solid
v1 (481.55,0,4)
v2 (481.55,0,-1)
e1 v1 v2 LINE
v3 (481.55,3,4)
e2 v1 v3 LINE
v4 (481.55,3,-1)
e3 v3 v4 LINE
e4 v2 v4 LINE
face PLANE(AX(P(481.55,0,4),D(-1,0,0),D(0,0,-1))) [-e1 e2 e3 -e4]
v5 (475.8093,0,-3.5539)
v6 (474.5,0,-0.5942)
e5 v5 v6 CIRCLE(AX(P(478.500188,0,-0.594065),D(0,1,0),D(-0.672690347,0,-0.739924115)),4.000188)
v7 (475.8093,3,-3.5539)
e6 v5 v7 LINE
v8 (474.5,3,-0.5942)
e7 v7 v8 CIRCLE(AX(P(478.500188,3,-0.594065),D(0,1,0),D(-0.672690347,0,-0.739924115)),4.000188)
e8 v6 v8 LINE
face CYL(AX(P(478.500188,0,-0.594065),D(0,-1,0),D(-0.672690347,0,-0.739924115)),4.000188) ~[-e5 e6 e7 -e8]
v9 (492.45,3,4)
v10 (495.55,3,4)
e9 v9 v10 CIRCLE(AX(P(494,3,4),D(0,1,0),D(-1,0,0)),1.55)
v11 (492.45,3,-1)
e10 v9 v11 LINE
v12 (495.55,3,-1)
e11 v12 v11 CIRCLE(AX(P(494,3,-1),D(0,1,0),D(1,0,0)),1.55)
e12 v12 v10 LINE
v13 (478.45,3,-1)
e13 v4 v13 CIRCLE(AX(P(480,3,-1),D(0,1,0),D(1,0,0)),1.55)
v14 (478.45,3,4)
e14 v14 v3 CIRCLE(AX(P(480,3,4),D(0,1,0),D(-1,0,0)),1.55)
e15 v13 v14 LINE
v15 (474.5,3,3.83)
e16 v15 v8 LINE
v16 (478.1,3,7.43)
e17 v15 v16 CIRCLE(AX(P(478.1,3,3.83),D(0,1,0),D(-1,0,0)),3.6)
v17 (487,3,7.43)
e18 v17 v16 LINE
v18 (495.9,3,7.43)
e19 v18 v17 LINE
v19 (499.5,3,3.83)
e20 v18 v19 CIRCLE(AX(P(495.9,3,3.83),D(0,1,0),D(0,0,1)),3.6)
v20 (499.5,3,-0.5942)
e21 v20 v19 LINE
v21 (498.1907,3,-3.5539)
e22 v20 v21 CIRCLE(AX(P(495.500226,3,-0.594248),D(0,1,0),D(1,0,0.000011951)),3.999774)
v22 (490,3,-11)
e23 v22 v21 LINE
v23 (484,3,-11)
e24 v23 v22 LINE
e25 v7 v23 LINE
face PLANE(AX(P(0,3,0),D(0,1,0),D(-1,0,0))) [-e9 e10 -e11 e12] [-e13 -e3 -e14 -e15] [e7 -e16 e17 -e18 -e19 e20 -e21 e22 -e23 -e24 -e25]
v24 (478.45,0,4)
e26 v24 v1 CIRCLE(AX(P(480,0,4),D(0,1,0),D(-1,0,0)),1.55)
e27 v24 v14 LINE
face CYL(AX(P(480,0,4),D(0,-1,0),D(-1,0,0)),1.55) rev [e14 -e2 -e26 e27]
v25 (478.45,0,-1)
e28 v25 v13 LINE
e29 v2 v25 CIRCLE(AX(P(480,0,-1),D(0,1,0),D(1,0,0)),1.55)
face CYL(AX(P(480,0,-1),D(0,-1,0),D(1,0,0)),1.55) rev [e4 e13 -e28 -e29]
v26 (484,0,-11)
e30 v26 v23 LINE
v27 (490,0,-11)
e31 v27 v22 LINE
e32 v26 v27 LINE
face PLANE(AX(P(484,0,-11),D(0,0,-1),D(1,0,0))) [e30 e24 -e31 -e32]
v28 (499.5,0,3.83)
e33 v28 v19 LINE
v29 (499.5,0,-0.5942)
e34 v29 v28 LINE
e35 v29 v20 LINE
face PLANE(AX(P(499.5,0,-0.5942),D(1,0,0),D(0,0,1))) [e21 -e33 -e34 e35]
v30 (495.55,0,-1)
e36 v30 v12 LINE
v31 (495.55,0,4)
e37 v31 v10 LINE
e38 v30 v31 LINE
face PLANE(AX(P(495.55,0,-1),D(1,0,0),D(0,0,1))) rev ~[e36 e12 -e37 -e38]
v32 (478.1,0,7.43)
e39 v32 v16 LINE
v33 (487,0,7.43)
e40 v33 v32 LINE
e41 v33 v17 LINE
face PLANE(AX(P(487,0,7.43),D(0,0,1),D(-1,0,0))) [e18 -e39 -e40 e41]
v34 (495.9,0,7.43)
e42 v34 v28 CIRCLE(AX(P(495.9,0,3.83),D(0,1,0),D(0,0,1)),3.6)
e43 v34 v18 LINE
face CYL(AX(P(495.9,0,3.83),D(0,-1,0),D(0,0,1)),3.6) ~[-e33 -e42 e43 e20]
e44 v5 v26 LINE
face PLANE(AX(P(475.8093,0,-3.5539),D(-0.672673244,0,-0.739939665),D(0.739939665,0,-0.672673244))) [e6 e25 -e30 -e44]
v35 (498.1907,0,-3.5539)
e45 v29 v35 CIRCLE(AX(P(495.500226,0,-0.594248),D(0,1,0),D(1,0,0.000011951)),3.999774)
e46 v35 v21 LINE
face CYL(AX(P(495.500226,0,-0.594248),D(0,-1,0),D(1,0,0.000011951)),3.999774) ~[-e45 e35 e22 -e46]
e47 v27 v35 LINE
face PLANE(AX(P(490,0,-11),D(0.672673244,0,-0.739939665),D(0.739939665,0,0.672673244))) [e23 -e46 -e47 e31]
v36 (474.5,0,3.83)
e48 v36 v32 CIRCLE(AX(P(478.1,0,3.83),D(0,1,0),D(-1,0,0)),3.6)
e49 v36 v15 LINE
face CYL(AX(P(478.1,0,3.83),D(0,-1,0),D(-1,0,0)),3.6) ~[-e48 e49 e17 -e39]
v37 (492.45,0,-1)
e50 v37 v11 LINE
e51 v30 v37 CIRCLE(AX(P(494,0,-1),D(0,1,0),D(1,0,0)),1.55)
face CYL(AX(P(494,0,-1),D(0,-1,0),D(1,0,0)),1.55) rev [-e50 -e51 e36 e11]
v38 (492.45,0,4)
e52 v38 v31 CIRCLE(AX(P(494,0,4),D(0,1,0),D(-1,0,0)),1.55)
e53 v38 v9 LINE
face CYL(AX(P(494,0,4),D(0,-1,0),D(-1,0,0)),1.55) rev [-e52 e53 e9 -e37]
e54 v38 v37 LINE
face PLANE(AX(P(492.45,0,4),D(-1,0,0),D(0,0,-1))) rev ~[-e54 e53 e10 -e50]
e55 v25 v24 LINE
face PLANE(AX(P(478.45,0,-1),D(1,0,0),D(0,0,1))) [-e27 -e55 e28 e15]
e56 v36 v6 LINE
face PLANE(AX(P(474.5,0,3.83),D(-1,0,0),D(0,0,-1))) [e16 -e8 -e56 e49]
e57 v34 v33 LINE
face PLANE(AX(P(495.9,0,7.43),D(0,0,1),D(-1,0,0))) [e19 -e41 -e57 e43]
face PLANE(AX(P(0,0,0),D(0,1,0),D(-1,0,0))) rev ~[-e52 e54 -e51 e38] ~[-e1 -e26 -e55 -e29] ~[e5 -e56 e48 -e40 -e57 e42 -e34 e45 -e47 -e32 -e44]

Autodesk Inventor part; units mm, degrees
ref_plane "YZ Plane" through (0, 0, 0) normal (1, 0, 0) x (0, 1, 0)
ref_plane "XZ Plane" through (0, 0, 0) normal (0, 1, 0) x (-1, 0, 0)
ref_plane "XY Plane" through (0, 0, 0) normal (0, 0, 1) x (1, 0, 0)
sketch3d "3D Sketch1"
sketch "Sketch8" plane through (0, 0, 0) normal (0, 1, 0) x (-1, 0, 0)
  arc A0 (-533.9727, 129.2939) -> (-533.9727, 72.7061) centre (-524, 101) ccw projected
  arc A1 (-533.9727, 129.2939) -> (-540.6211, 148.1565) centre (-537.2969, 138.7252) ccw projected
  arc A2 (-540.6211, 148.1565) -> (-540.6211, 53.8435) centre (-524, 101) ccw projected
  arc A3 (-540.6211, 53.8435) -> (-533.9727, 72.7061) centre (-537.2969, 63.2748) ccw projected
  circle A4 centre (-537.2969, 63.2748) radius 3 projected
  circle A5 centre (-556.6482, 77.8001) radius 2.9994 projected
  circle A6 centre (-564, 101) radius 3 projected
  circle A7 centre (-556.6482, 124.1094) radius 2.9994 projected
  circle A8 centre (-537.2969, 138.7252) radius 3 projected
  line L0 (-531, 98.5) -> (-531, 115.5) projected
  line L1 (-451.3425, 101.8066) -> (-466.8633, 88.0104) projected
  arc A9 (-451.3425, 101.8066) -> (-450, 104.7963) centre (-454, 104.7963) ccw projected
  line L2 (-450, 109.2037) -> (-450, 104.7963) projected
  arc A10 (-450, 109.2037) -> (-451.3425, 112.1934) centre (-454, 109.2037) ccw projected
  line L3 (-466.8633, 125.9896) -> (-451.3425, 112.1934) projected
  arc A11 (-466.8633, 125.9896) -> (-469.5208, 127) centre (-469.5208, 123) ccw projected
  line L4 (-505.0775, 127) -> (-469.5208, 127) projected
  arc A12 (-505.0775, 127) -> (-508.201, 125.4988) centre (-505.0775, 123) ccw projected
  line L5 (-511.799, 121.0012) -> (-508.201, 125.4988) projected
  arc A13 (-514.9225, 119.5) -> (-511.799, 121.0012) centre (-514.9225, 123.5) ccw projected
  line L6 (-527, 119.5) -> (-514.9225, 119.5) projected
  arc A14 (-527, 119.5) -> (-531, 115.5) centre (-527, 115.5) ccw projected
  arc A15 (-531, 98.5) -> (-527, 94.5) centre (-527, 98.5) ccw projected
  line L7 (-514.9225, 94.5) -> (-527, 94.5) projected
  arc A16 (-511.799, 92.9988) -> (-514.9225, 94.5) centre (-514.9225, 90.5) ccw projected
  line L8 (-508.201, 88.5012) -> (-511.799, 92.9988) projected
  arc A17 (-508.201, 88.5012) -> (-505.0775, 87) centre (-505.0775, 91) ccw projected
  line L9 (-469.5208, 87) -> (-505.0775, 87) projected
  line L10 (-478, 91.45) -> (-470, 91.45) projected
  arc A18 (-470, 91.45) -> (-470, 94.55) centre (-470, 93) ccw projected
  line L11 (-470, 94.55) -> (-478, 94.55) projected
  arc A19 (-478, 94.55) -> (-478, 91.45) centre (-478, 93) ccw projected
  arc A20 (-495, 91.45) -> (-495, 94.55) centre (-495, 93) ccw projected
  line L12 (-503, 91.45) -> (-495, 91.45) projected
  arc A21 (-503, 94.55) -> (-503, 91.45) centre (-503, 93) ccw projected
  line L13 (-495, 94.55) -> (-503, 94.55) projected
  line L14 (-455, 105.5) -> (-469, 105.5) projected
  arc A22 (-455, 105.5) -> (-455, 108.5) centre (-455, 107) ccw projected
  line L15 (-469, 108.5) -> (-455, 108.5) projected
  arc A23 (-469, 108.5) -> (-469, 105.5) centre (-469, 107) ccw projected
  arc A24 (-482, 105.45) -> (-482, 108.55) centre (-482, 107) ccw projected
  line L16 (-490, 105.45) -> (-482, 105.45) projected
  arc A25 (-490, 108.55) -> (-490, 105.45) centre (-490, 107) ccw projected
  line L17 (-482, 108.55) -> (-490, 108.55) projected
  line L18 (-501, 109) -> (-501, 105) projected
  line L19 (-501, 105) -> (-511, 105) projected
  line L20 (-511, 105) -> (-511, 109) projected
  line L21 (-511, 109) -> (-501, 109) projected
  circle A26 centre (-525.75, 100) radius 1.55 projected
  circle A27 centre (-525.75, 114) radius 1.55 projected
  arc A28 (-503, 122.55) -> (-503, 119.45) centre (-503, 121) ccw projected
  line L22 (-503, 122.55) -> (-495, 122.55) projected
  arc A29 (-495, 119.45) -> (-495, 122.55) centre (-495, 121) ccw projected
  line L23 (-495, 119.45) -> (-503, 119.45) projected
  arc A30 (-478, 122.55) -> (-478, 119.45) centre (-478, 121) ccw projected
  line L24 (-478, 122.55) -> (-470, 122.55) projected
  arc A31 (-470, 119.45) -> (-470, 122.55) centre (-470, 121) ccw projected
  line L25 (-470, 119.45) -> (-478, 119.45) projected
  arc A32 (-469.5208, 87) -> (-466.8633, 88.0104) centre (-469.5208, 91) ccw projected
  line L26 (-487, 7.43) -> (-478.1, 7.43) projected
  line L27 (-495.9, 7.43) -> (-487, 7.43) projected
  arc A33 (-495.9, 7.43) -> (-499.5, 3.83) centre (-495.9, 3.83) ccw projected
  line L28 (-499.5, -0.5942) -> (-499.5, 3.83) projected
  arc A34 (-499.5, -0.5942) -> (-498.1907, -3.5539) centre (-495.5, -0.5942) ccw projected
  line L29 (-490, -11) -> (-498.1907, -3.5539) projected
  line L30 (-484, -11) -> (-490, -11) projected
  line L31 (-475.8093, -3.5539) -> (-484, -11) projected
  arc A35 (-475.8093, -3.5539) -> (-474.5, -0.5942) centre (-478.5, -0.5942) ccw projected
  line L32 (-474.5, 3.83) -> (-474.5, -0.5942) projected
  arc A36 (-474.5, 3.83) -> (-478.1, 7.43) centre (-478.1, 3.83) ccw projected
  arc A37 (-478.45, 4) -> (-481.55, 4) centre (-480, 4) ccw projected
  line L33 (-481.55, 4) -> (-481.55, -1) projected
  arc A38 (-481.55, -1) -> (-478.45, -1) centre (-480, -1) ccw projected
  line L34 (-478.45, -1) -> (-478.45, 4) projected
  line L35 (-492.45, 4) -> (-492.45, -1) projected
  arc A39 (-492.45, 4) -> (-495.55, 4) centre (-494, 4) ccw projected
  line L36 (-495.55, -1) -> (-495.55, 4) projected
  arc A40 (-495.55, -1) -> (-492.45, -1) centre (-494, -1) ccw projected
  arc A41 (-494.09, 79.2321) -> (-479.91, 79.2321) centre (-487, 84) ccw projected
  arc A42 (-494.09, 79.2321) -> (-497.4092, 81) centre (-497.4092, 77) ccw projected
  line L37 (-497.4092, 81) -> (-503, 81) projected
  arc A43 (-503, 81) -> (-507, 77) centre (-503, 77) ccw projected
  line L38 (-507, 77) -> (-507, 50.7937) projected
  arc A44 (-511.1379, 43.7877) -> (-507, 50.7937) centre (-515, 50.7937) ccw projected
  arc A45 (-511.1379, 43.7877) -> (-462.8621, 43.7877) centre (-487, 0) ccw projected
  arc A46 (-467, 50.7937) -> (-462.8621, 43.7877) centre (-459, 50.7937) ccw projected
  line L39 (-467, 50.7937) -> (-467, 77) projected
  arc A47 (-467, 77) -> (-471, 81) centre (-471, 77) ccw projected
  line L40 (-471, 81) -> (-476.5908, 81) projected
  arc A48 (-476.5908, 81) -> (-479.91, 79.2321) centre (-476.5908, 77) ccw projected
  circle A49 centre (-473, 75) radius 1.25 projected
  circle A50 centre (-501, 75) radius 1.25 projected
  circle A51 centre (-487, 63) radius 1.25 projected
  circle A52 centre (-470.7, 62.6926) radius 1.25 projected
  circle A53 centre (-473, 50) radius 1.25 projected
  circle A54 centre (-501, 50) radius 1.25 projected
  circle A55 centre (-470.7, 37.4926) radius 1.25 projected
  arc A56 (-485, 53) -> (-489, 53) centre (-487, 53) ccw projected
  line L41 (-485, 37) -> (-485, 53) projected
  line L42 (-489, 53) -> (-489, 37) projected
  arc A57 (-489, 37) -> (-485, 37) centre (-487, 37) ccw projected
  arc A58 (-513.2873, 34.029) -> (-460.7127, 34.0291) centre (-487, 0) ccw projected
  arc A59 (-509.6193, 29.2808) -> (-464.3807, 29.2808) centre (-487, 0) ccw projected
  arc A60 (-460.7127, 34.0291) -> (-464.3807, 29.2808) centre (-462.5467, 31.6549) ccw projected
  arc A61 (-509.6193, 29.2808) -> (-513.2873, 34.029) centre (-511.4533, 31.6549) ccw projected
  arc A62 (-496, 32) -> (-500, 28) centre (-496, 28) ccw projected
  line L43 (-496, 32) -> (-478, 32) projected
  arc A63 (-474, 28) -> (-478, 32) centre (-478, 28) ccw projected
  line L44 (-474, 28) -> (-474, 22) projected
  arc A64 (-474, 22) -> (-470, 18) centre (-470, 22) ccw projected
  line L45 (-470, 18) -> (-465.0911, 18) projected
  arc A65 (-461.7205, 16.1538) -> (-465.0911, 18) centre (-465.0911, 14) ccw projected
  arc A66 (-512.2795, 16.1538) -> (-461.7205, 16.1538) centre (-487, 0) ccw projected
  arc A67 (-508.9089, 18) -> (-512.2795, 16.1538) centre (-508.9089, 14) ccw projected
  line L46 (-508.9089, 18) -> (-504, 18) projected
  arc A68 (-504, 18) -> (-500, 22) centre (-504, 22) ccw projected
  line L47 (-500, 22) -> (-500, 28) projected
  point P0 (0, 0)
extrude "Extrusion1" add sketch "Sketch8" along normal blind 3 contours L26 A36 L32 A35 L31 L30 L29 A34 L28 A33 L27
properties part number "pulsador_punta"
